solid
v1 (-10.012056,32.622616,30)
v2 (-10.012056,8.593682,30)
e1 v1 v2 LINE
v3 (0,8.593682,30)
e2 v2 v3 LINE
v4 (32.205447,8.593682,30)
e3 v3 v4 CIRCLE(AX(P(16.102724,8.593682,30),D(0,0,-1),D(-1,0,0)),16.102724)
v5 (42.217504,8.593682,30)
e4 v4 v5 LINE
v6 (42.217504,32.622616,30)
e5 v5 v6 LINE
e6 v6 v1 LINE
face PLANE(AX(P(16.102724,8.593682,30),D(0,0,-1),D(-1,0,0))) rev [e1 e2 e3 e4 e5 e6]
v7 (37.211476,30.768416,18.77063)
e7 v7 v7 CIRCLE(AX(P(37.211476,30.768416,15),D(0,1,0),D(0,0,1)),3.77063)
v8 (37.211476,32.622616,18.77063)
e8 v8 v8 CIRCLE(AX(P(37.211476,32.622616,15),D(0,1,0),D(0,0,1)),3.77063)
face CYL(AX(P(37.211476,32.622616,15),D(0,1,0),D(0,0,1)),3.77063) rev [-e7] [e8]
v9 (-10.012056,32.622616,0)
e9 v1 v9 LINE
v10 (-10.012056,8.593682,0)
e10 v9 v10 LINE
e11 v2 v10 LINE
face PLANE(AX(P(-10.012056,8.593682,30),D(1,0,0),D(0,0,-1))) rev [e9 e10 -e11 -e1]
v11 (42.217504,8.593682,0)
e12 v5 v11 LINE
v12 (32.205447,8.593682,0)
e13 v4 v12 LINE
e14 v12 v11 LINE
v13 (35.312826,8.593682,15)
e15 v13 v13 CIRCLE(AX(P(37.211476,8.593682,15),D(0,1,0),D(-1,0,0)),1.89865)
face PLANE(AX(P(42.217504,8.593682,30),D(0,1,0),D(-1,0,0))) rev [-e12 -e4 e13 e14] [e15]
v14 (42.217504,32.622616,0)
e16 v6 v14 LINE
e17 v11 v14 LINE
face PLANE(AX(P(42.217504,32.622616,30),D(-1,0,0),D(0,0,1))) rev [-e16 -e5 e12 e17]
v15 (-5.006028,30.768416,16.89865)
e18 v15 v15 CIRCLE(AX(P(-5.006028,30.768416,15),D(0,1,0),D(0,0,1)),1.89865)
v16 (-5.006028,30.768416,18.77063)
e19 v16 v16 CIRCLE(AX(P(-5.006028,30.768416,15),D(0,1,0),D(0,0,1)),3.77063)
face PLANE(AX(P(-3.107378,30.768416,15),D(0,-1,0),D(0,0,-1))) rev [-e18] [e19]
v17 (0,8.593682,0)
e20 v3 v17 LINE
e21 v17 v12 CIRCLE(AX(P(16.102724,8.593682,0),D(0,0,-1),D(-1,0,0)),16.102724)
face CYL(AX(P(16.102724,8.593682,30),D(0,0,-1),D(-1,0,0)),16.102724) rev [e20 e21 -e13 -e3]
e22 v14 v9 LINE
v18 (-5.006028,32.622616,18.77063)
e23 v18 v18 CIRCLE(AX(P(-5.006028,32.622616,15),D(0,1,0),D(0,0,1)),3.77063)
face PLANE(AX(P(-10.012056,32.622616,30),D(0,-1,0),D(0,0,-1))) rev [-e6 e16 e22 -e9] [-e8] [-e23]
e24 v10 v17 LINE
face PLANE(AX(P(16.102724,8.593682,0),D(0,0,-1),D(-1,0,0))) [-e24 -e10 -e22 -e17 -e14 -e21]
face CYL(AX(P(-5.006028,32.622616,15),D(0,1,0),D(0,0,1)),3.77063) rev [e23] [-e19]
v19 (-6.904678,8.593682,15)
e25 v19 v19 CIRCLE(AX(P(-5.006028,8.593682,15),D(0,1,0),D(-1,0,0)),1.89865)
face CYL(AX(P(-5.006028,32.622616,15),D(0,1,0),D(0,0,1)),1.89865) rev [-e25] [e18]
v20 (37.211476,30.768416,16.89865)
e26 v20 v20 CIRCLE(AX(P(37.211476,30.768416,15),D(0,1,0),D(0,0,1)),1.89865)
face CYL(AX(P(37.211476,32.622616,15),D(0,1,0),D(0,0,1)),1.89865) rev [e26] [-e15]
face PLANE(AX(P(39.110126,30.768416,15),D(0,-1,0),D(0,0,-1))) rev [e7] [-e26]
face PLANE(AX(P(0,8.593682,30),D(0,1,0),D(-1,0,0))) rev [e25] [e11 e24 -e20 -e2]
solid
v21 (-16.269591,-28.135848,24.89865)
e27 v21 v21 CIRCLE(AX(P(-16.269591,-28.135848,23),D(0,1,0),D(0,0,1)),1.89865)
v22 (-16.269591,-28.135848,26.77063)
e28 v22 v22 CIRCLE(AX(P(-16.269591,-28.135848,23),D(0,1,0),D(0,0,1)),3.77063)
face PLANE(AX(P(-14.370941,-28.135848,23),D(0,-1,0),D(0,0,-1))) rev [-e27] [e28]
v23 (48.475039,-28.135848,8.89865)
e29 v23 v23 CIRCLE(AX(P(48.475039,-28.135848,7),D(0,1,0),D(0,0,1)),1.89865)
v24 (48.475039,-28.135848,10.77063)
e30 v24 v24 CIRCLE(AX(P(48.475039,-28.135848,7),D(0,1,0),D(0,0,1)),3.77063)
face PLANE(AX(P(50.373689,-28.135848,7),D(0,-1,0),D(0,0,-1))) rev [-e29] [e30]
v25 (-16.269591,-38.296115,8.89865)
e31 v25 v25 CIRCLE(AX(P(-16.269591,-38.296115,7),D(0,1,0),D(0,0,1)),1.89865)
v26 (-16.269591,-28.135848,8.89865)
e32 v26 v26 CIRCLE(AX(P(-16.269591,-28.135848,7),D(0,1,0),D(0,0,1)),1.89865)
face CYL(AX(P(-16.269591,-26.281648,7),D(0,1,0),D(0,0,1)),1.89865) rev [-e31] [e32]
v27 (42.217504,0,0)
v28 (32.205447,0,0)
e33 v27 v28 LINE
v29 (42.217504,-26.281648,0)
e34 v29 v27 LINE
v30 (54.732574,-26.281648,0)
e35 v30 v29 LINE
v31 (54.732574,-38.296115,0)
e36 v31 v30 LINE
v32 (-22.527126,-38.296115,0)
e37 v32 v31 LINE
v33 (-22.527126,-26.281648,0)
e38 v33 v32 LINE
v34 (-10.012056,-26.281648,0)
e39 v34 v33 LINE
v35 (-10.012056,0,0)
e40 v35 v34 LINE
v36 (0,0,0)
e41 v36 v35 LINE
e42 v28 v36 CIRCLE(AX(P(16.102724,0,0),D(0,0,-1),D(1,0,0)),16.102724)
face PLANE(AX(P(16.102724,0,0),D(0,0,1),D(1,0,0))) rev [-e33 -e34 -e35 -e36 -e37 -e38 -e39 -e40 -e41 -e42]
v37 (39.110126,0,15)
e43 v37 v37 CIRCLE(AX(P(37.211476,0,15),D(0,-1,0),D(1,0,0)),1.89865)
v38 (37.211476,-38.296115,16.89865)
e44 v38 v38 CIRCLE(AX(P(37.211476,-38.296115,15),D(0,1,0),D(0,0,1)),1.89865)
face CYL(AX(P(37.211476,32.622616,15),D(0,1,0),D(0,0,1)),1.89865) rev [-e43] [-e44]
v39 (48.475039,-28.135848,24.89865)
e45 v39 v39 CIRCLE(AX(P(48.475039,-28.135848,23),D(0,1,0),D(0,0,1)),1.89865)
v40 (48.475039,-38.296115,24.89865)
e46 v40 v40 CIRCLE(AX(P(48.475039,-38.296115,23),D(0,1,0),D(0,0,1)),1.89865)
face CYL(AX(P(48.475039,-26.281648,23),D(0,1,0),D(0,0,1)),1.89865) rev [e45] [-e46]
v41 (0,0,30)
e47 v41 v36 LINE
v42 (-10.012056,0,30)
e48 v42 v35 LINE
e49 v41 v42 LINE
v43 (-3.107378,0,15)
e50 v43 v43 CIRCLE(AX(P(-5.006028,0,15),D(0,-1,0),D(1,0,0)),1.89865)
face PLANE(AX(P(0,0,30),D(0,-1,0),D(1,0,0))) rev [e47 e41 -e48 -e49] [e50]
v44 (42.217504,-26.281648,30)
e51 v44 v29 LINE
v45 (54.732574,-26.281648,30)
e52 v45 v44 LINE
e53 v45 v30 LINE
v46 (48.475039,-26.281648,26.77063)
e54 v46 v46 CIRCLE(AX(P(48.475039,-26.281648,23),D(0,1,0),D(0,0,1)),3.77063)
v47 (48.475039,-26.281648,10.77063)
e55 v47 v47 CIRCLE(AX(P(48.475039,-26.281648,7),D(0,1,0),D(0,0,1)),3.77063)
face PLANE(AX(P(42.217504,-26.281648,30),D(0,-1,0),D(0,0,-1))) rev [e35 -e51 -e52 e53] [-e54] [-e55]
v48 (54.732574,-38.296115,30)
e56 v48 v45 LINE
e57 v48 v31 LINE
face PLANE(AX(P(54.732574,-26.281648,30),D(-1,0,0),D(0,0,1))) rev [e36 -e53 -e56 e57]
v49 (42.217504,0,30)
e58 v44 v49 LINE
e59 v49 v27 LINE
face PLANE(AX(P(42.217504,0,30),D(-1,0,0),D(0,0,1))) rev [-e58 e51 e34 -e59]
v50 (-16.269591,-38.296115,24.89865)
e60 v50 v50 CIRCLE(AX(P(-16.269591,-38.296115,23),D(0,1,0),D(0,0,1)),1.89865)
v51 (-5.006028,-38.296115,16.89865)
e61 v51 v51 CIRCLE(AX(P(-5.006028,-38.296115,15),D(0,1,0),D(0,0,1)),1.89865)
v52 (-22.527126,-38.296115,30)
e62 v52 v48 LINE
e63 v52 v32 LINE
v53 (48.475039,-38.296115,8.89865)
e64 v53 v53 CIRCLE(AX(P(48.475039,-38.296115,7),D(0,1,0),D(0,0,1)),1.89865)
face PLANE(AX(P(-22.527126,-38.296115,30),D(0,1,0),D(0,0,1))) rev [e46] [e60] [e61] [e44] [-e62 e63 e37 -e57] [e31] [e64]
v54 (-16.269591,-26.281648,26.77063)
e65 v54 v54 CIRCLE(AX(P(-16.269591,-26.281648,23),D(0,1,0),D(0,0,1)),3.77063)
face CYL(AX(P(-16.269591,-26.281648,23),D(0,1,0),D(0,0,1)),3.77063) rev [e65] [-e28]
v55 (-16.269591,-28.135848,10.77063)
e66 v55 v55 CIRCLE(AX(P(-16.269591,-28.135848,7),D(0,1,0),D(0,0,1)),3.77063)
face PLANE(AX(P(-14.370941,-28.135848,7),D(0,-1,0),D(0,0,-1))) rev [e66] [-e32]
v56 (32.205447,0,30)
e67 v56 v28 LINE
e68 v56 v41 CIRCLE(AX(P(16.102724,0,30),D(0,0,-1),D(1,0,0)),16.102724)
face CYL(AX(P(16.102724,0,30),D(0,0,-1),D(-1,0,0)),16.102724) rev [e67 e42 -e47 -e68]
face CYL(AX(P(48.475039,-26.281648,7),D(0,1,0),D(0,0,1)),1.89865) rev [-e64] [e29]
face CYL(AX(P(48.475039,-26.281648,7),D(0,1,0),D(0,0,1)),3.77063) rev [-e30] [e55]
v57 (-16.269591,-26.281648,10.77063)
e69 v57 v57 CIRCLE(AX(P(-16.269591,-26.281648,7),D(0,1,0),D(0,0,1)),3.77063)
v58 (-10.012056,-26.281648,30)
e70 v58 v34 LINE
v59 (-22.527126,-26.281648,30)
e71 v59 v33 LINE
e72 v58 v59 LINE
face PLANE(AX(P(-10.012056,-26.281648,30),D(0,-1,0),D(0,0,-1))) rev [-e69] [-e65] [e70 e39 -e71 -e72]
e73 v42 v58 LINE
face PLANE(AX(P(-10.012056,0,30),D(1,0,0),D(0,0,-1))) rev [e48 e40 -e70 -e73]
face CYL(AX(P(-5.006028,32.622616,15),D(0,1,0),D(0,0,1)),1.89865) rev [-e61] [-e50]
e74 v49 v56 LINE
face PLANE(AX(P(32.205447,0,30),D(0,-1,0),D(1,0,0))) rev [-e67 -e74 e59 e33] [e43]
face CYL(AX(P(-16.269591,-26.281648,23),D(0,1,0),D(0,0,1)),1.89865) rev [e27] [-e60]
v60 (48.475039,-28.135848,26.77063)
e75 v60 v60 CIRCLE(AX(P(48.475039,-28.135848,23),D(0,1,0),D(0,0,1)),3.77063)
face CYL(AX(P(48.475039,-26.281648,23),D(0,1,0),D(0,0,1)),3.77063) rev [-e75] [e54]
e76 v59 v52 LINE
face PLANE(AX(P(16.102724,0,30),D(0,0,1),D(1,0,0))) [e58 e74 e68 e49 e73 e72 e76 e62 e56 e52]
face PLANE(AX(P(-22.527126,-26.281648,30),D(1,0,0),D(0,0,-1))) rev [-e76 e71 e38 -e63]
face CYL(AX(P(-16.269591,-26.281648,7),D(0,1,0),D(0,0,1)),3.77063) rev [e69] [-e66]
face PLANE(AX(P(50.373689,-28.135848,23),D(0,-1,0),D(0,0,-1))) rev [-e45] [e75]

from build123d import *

# Parameters (mm, degrees)
BOSS_EXTRUDE1_DEPTH                           = 30
BOSS_EXTRUDE1_2_DEPTH                         = 30
CBORE_FOR_6_BUTTON_HEAD_CAP_SCREW1_AT_2_COUNT = 2
CBORE_FOR_6_BUTTON_HEAD_CAP_SCREW1_AT_2_PITCH = 42.21750368
CBORE_FOR_6_BUTTON_HEAD_CAP_SCREW2_AT_2_COUNT = 2
CBORE_FOR_6_BUTTON_HEAD_CAP_SCREW2_AT_2_PITCH = 64.744630149
CBORE_FOR_6_BUTTON_HEAD_CAP_SCREW2_AT_3_COUNT = 2
CBORE_FOR_6_BUTTON_HEAD_CAP_SCREW2_AT_3_PITCH = 66.692331892
CBORE_FOR_6_BUTTON_HEAD_CAP_SCREW2_AT_4_COUNT = 2
CBORE_FOR_6_BUTTON_HEAD_CAP_SCREW2_AT_4_PITCH = 16


with BuildPart() as part:
    # Sketch1 → Boss-Extrude1 (new body)
    with BuildSketch(Plane.XY):
        with BuildLine():
            Line((0, 0), (-10.012056209, 0))
            Line((-10.012056209, 0), (-10.012056209, -26.281647548))
            Line((-10.012056209, -26.281647548), (-22.527126469, -26.281647548))
            Line((-22.527126469, -26.281647548), (-22.527126469, -38.296114998))
            Line((-22.527126469, -38.296114998), (54.73257394, -38.296114998))
            Line((54.73257394, -38.296114998), (54.73257394, -26.281647548))
            Line((54.73257394, -26.281647548), (42.21750368, -26.281647548))
            Line((42.21750368, -26.281647548), (42.21750368, 0))
            Line((42.21750368, 0), (32.205447471, 0))
            ThreePointArc((32.205447471, 0), (16.102723736, -16.102723736), (0, 0))
        make_face()
    extrude(amount=BOSS_EXTRUDE1_DEPTH)


with BuildPart() as body_2:
    # Sketch1 → Boss-Extrude1 2 (new body)
    with BuildSketch(Plane.XY):
        with BuildLine():
            Line((0, 8.593681579), (-10.012056209, 8.593681579))
            Line((-10.012056209, 8.593681579), (-10.012056209, 32.62261648))
            Line((-10.012056209, 32.62261648), (42.21750368, 32.62261648))
            Line((42.21750368, 32.62261648), (42.21750368, 8.593681579))
            Line((42.21750368, 8.593681579), (32.205447471, 8.593681579))
            ThreePointArc((32.205447471, 8.593681579), (16.102723736, 24.696405315), (0, 8.593681579))
        make_face()
    extrude(amount=BOSS_EXTRUDE1_2_DEPTH)


with BuildPart() as cbore_for_6_button_head_cap_screw1_tool:
    # Sketch3 → CBORE for #6 Button Head Cap Screw1 (revolve)
    with BuildSketch(Plane(origin=(37.211475575, 32.62261648, 15), x_dir=(0, 0, 1), z_dir=(1, 0, 0))):
        Polygon((0, 0), (0, 70.918731478), (1.89865, 70.918731478), (1.89865, 1.8542), (3.77063, 1.8542), (3.77063, 0), align=None)
    cbore_for_6_button_head_cap_screw1 = revolve(axis=Axis((37.211475575, 38.97261648, 15), (0, -1, 0)))


with BuildPart() as part_1:
    add(part.part)

    # CBORE for #6 Button Head Cap Screw1: cut by cbore_for_6_button_head_cap_screw1_tool
    add(cbore_for_6_button_head_cap_screw1_tool.part, mode=Mode.SUBTRACT)


with BuildPart() as body_2_1:
    add(body_2.part)

    # CBORE for #6 Button Head Cap Screw1: cut by cbore_for_6_button_head_cap_screw1_tool
    add(cbore_for_6_button_head_cap_screw1_tool.part, mode=Mode.SUBTRACT)


with BuildPart() as cbore_for_6_button_head_cap_screw1_at_2_tool:
    # CBORE for #6 Button Head Cap Screw1 at 2: CBORE for #6 Button Head Cap Screw1 ×2
    with Locations(*[(-i * CBORE_FOR_6_BUTTON_HEAD_CAP_SCREW1_AT_2_PITCH, 0, 0) for i in range(1, CBORE_FOR_6_BUTTON_HEAD_CAP_SCREW1_AT_2_COUNT)]):
        add(cbore_for_6_button_head_cap_screw1)


with BuildPart() as part_2:
    add(part_1.part)

    # CBORE for #6 Button Head Cap Screw1 at 2: cut by cbore_for_6_button_head_cap_screw1_at_2_tool
    add(cbore_for_6_button_head_cap_screw1_at_2_tool.part, mode=Mode.SUBTRACT)

    # Sketch5 → CBORE for #6 Button Head Cap Screw2 (revolve, cut)
    with BuildSketch(Plane(origin=(48.47503881, -26.281647548, 7), x_dir=(0, 0, 1), z_dir=(1, 0, 0))):
        Polygon((0, 0), (0, 12.01446745), (1.89865, 12.01446745), (1.89865, 1.8542), (3.77063, 1.8542), (3.77063, 0), align=None)
    cbore_for_6_button_head_cap_screw2 = revolve(axis=Axis((48.47503881, -19.931647548, 7), (0, -1, 0)), mode=Mode.SUBTRACT)

    # CBORE for #6 Button Head Cap Screw2 at 2: CBORE for #6 Button Head Cap Screw2 ×2
    with Locations(*[(-i * CBORE_FOR_6_BUTTON_HEAD_CAP_SCREW2_AT_2_PITCH, 0, 0) for i in range(1, CBORE_FOR_6_BUTTON_HEAD_CAP_SCREW2_AT_2_COUNT)]):
        add(cbore_for_6_button_head_cap_screw2, mode=Mode.SUBTRACT)

    # CBORE for #6 Button Head Cap Screw2 at 3: CBORE for #6 Button Head Cap Screw2 ×2
    with Locations(*[Vector(-0.970795717, 0, 0.239907641) * (i * CBORE_FOR_6_BUTTON_HEAD_CAP_SCREW2_AT_3_PITCH) for i in range(1, CBORE_FOR_6_BUTTON_HEAD_CAP_SCREW2_AT_3_COUNT)]):
        add(cbore_for_6_button_head_cap_screw2, mode=Mode.SUBTRACT)

    # CBORE for #6 Button Head Cap Screw2 at 4: CBORE for #6 Button Head Cap Screw2 ×2
    with Locations(*[(0, 0, i * CBORE_FOR_6_BUTTON_HEAD_CAP_SCREW2_AT_4_PITCH) for i in range(1, CBORE_FOR_6_BUTTON_HEAD_CAP_SCREW2_AT_4_COUNT)]):
        add(cbore_for_6_button_head_cap_screw2, mode=Mode.SUBTRACT)


with BuildPart() as body_2_2:
    add(body_2_1.part)

    # CBORE for #6 Button Head Cap Screw1 at 2: cut by cbore_for_6_button_head_cap_screw1_at_2_tool
    add(cbore_for_6_button_head_cap_screw1_at_2_tool.part, mode=Mode.SUBTRACT)


solid = Compound([part_2.part, body_2_2.part])
